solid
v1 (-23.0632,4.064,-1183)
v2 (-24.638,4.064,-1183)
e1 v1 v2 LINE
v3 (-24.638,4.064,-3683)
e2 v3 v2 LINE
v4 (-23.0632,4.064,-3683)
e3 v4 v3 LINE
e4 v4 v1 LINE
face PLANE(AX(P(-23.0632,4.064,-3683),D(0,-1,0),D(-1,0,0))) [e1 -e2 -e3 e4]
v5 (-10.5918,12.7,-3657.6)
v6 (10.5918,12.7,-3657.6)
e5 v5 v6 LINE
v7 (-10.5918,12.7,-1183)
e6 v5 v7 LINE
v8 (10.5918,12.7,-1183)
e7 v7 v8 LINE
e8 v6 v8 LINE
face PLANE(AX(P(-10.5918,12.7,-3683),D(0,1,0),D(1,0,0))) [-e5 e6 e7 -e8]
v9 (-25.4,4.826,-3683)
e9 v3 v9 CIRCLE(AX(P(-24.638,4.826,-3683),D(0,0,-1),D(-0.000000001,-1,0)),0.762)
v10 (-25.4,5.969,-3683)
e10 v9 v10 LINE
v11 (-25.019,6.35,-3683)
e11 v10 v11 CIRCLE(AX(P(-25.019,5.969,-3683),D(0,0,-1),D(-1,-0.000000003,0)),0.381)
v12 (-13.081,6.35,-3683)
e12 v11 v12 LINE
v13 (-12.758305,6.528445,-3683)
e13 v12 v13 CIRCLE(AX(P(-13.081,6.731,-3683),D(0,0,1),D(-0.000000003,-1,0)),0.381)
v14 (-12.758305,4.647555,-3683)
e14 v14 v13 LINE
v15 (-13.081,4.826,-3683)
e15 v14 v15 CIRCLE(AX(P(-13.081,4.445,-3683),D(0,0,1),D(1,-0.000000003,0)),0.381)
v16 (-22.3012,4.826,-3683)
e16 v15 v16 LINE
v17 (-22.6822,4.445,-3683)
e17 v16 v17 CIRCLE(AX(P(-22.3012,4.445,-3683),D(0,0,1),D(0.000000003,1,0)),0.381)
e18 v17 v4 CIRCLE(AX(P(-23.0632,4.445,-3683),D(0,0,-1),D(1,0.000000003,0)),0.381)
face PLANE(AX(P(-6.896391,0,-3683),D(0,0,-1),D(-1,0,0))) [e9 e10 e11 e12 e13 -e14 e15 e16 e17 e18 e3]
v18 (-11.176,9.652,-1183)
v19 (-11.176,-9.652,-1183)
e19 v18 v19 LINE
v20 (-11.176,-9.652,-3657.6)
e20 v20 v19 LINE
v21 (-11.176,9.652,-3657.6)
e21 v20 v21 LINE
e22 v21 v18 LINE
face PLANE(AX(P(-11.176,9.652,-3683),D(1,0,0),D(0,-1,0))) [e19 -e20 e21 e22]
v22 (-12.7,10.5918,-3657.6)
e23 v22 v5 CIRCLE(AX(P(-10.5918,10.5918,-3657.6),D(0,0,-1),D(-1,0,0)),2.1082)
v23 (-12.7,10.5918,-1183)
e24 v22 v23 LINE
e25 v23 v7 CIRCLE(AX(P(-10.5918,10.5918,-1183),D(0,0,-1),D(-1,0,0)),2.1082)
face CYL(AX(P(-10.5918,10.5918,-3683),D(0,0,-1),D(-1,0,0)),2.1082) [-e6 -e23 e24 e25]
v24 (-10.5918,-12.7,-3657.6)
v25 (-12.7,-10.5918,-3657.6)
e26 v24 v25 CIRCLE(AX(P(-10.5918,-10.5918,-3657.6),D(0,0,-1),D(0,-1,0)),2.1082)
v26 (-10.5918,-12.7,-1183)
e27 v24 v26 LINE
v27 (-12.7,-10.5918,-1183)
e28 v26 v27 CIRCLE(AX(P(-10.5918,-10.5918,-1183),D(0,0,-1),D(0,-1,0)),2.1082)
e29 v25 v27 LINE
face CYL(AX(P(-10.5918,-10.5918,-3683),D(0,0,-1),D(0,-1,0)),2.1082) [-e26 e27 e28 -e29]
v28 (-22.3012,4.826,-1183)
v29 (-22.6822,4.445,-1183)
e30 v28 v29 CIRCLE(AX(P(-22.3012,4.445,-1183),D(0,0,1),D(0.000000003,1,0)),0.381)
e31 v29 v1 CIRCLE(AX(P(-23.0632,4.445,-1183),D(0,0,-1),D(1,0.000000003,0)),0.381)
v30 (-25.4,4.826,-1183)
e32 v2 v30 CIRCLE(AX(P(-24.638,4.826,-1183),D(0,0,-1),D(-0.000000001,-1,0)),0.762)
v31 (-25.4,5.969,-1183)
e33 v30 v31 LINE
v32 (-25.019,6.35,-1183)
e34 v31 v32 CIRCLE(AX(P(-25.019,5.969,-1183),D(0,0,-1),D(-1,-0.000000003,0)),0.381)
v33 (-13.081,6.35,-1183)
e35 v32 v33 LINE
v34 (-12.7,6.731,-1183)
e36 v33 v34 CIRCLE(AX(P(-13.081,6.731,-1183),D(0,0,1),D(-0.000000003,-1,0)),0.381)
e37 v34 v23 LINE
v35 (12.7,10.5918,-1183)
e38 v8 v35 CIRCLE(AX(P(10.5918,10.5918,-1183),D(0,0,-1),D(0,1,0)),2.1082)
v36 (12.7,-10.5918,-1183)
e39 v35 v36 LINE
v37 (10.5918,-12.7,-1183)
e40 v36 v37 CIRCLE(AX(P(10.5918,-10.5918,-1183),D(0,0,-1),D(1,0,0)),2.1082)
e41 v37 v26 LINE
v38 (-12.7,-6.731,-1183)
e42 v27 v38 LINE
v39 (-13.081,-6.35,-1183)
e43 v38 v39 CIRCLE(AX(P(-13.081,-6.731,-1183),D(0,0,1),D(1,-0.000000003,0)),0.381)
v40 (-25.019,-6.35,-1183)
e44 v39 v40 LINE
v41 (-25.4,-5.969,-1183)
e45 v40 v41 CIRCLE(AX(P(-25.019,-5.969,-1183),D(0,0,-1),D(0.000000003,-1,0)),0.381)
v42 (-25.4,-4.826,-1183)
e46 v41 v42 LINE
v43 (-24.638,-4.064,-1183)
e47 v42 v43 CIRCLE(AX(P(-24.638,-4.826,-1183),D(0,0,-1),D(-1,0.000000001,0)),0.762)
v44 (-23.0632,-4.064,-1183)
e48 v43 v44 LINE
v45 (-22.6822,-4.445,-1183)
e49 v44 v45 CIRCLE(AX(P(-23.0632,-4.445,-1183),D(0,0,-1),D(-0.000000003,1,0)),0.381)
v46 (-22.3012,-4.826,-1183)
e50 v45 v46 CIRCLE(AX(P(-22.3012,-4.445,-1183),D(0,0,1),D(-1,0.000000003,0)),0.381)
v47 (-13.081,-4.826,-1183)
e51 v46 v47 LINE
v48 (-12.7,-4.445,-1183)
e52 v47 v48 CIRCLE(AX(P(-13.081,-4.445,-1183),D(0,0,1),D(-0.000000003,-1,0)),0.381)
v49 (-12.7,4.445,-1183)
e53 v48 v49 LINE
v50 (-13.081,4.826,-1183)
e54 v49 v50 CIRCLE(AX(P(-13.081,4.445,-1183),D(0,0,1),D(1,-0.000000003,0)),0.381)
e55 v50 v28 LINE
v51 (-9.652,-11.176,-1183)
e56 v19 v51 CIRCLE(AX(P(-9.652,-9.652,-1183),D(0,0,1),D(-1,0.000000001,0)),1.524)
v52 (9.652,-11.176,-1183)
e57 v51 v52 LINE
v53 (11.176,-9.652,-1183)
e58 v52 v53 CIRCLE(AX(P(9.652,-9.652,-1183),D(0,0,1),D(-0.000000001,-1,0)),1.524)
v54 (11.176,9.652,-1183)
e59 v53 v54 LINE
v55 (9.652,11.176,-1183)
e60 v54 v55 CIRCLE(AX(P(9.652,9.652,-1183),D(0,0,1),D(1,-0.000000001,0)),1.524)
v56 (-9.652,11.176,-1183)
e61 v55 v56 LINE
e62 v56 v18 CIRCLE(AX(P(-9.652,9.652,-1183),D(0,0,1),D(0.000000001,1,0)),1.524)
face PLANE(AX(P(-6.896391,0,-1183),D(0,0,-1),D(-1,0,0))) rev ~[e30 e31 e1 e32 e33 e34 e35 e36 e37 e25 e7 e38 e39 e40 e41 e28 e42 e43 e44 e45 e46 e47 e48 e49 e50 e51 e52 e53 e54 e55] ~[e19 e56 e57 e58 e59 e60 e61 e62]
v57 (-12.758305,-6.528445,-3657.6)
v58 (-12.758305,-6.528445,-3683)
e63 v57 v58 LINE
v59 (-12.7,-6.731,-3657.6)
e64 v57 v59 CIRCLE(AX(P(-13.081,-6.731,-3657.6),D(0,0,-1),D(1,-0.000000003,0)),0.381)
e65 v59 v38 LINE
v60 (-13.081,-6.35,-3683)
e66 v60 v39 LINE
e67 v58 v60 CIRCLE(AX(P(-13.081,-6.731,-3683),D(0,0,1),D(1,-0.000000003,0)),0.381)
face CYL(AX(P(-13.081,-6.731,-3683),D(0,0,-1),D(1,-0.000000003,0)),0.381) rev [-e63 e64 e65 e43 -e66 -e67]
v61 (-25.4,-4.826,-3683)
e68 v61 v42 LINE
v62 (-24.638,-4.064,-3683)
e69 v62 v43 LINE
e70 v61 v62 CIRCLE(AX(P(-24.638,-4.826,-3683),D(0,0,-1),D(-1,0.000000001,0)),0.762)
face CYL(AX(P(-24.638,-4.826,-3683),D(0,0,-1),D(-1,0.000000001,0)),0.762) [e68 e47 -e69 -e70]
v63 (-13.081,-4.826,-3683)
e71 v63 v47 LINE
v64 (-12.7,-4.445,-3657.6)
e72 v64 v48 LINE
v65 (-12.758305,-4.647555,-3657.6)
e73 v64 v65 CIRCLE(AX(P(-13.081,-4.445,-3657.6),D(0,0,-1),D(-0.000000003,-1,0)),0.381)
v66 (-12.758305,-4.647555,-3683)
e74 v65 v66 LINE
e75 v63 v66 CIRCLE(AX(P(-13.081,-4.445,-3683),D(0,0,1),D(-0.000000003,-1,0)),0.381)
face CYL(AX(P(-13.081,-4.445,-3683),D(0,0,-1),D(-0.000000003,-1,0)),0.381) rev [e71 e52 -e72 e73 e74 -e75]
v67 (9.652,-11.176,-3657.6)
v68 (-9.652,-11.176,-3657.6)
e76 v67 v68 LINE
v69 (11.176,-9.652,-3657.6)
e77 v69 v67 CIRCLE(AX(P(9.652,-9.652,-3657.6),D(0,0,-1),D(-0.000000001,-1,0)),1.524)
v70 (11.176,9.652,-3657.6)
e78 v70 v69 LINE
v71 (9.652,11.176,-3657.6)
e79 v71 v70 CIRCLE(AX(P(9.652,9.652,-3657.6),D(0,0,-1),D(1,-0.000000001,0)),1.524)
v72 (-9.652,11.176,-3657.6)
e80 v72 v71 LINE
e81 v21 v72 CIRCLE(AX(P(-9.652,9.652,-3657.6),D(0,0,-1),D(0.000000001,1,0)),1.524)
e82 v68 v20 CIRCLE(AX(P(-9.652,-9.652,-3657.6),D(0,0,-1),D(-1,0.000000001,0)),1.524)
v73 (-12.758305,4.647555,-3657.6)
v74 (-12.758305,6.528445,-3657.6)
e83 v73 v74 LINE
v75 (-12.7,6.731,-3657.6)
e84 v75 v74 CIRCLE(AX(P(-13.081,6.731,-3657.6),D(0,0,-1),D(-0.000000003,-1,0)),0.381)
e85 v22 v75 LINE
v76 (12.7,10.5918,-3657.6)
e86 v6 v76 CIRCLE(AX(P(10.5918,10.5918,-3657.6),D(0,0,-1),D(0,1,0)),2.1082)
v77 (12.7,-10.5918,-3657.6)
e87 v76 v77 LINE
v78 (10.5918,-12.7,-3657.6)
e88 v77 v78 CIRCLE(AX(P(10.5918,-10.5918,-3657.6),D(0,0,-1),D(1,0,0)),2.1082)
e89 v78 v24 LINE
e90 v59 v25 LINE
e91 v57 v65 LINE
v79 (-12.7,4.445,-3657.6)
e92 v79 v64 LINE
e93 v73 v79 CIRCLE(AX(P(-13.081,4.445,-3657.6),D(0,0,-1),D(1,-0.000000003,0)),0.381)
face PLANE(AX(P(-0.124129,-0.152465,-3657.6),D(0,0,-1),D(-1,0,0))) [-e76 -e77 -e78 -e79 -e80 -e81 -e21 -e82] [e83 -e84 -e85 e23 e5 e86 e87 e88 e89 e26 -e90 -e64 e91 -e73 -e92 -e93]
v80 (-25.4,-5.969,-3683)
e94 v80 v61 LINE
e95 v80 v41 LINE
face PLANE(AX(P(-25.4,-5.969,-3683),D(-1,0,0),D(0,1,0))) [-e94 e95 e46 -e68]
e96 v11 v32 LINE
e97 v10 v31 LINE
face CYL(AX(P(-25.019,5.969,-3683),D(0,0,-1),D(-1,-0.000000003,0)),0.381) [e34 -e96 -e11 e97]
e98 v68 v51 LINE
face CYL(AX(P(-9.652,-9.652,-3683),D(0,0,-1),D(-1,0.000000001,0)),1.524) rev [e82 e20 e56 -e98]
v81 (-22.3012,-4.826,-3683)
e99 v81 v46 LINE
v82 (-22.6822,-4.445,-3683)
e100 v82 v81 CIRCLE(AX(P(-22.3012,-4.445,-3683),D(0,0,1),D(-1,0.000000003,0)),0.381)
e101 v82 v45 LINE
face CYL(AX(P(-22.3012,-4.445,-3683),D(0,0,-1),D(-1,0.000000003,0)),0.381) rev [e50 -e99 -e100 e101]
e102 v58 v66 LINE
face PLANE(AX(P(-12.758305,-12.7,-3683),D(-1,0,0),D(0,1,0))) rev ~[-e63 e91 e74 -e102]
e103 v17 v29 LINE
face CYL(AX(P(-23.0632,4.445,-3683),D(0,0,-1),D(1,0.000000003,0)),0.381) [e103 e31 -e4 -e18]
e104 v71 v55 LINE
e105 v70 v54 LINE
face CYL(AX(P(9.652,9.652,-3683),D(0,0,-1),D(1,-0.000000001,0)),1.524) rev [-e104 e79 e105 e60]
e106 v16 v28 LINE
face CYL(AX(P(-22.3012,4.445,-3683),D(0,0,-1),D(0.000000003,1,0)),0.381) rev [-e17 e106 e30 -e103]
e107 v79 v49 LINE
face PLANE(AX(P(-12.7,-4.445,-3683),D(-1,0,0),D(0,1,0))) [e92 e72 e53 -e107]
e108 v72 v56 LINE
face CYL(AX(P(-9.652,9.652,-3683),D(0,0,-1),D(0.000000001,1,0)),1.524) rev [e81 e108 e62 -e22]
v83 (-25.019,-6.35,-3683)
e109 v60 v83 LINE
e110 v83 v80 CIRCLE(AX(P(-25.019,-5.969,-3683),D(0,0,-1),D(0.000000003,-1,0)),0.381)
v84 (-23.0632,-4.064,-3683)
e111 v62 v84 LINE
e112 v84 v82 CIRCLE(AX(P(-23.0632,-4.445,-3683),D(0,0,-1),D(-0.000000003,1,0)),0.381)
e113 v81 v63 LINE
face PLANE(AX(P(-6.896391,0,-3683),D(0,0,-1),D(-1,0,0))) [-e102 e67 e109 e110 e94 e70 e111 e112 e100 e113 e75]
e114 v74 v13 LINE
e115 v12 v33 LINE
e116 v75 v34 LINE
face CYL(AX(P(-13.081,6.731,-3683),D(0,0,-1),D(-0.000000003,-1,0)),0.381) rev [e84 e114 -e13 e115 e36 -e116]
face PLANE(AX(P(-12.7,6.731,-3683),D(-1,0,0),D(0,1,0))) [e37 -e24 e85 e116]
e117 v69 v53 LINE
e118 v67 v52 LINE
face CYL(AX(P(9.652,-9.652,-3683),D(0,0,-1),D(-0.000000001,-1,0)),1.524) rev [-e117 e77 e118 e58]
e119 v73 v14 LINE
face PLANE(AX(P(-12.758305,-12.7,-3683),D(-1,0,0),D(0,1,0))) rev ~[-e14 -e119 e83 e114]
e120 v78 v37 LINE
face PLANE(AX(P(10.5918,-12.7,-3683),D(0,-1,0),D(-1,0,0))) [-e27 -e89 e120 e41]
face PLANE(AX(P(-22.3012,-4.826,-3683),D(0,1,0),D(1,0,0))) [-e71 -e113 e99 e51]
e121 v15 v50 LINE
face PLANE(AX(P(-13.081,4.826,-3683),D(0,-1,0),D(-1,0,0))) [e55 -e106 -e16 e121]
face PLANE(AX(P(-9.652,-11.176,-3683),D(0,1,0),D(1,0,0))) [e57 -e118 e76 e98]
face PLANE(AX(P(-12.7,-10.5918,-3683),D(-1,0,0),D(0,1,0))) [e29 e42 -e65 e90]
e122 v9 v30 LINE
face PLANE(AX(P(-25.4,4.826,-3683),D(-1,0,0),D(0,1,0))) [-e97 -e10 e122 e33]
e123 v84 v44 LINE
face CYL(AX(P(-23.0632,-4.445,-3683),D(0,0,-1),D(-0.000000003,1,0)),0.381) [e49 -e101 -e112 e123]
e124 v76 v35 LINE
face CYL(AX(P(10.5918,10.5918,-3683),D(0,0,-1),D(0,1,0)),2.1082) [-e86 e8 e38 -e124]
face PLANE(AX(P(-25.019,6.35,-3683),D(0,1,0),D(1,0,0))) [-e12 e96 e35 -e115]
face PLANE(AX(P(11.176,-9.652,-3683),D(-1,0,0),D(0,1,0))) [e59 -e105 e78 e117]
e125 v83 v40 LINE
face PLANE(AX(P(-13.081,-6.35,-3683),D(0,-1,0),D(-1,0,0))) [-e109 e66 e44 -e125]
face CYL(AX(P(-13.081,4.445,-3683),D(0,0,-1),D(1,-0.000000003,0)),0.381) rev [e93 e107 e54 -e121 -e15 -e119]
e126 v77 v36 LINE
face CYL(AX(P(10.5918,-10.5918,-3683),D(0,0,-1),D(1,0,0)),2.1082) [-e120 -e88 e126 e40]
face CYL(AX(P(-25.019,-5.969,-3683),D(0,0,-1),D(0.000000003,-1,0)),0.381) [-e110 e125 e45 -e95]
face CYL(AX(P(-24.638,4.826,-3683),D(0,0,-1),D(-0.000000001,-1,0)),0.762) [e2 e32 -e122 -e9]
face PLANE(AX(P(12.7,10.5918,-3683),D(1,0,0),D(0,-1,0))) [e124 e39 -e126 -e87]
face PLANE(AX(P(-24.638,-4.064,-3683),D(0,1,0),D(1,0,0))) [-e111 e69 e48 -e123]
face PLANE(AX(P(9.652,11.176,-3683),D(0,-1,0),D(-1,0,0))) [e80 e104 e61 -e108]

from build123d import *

# Parameters (mm, degrees)
BOSS_EXTRUDE1_DEPTH = 2500
CUT_EXTRUDE2_DEPTH  = 25.4


with BuildPart() as part:
    # Sketch1 → Boss-Extrude1 (new body)
    with BuildSketch(Plane(origin=(0, 0, -3683), x_dir=(-1, 0, 0), z_dir=(0, 0, -1))):
        with BuildLine():
            Line((25.4, -5.969), (25.4, -4.826))
            ThreePointArc((25.4, -4.826), (25.176815367, -4.287184633), (24.638, -4.064))
            Line((24.638, -4.064), (23.0632, -4.064))
            ThreePointArc((23.0632, -4.064), (22.793792316, -4.175592316), (22.6822, -4.445))
            ThreePointArc((22.6822, -4.445), (22.570607684, -4.714407684), (22.3012, -4.826))
            Line((22.3012, -4.826), (13.081, -4.826))
            ThreePointArc((13.081, -4.826), (12.811592316, -4.714407684), (12.7, -4.445))
            Line((12.7, -4.445), (12.7, 4.445))
            ThreePointArc((12.7, 4.445), (12.811592316, 4.714407684), (13.081, 4.826))
            Line((13.081, 4.826), (22.3012, 4.826))
            ThreePointArc((22.3012, 4.826), (22.570607684, 4.714407684), (22.6822, 4.445))
            ThreePointArc((22.6822, 4.445), (22.793792316, 4.175592316), (23.0632, 4.064))
            Line((23.0632, 4.064), (24.638, 4.064))
            ThreePointArc((24.638, 4.064), (25.176815367, 4.287184633), (25.4, 4.826))
            Line((25.4, 4.826), (25.4, 5.969))
            ThreePointArc((25.4, 5.969), (25.288407684, 6.238407684), (25.019, 6.35))
            Line((25.019, 6.35), (13.081, 6.35))
            ThreePointArc((13.081, 6.35), (12.811592316, 6.461592316), (12.7, 6.731))
            Line((12.7, 6.731), (12.7, 10.5918))
            ThreePointArc((12.7, 10.5918), (12.082522516, 12.082522516), (10.5918, 12.7))
            Line((10.5918, 12.7), (-10.5918, 12.7))
            ThreePointArc((-10.5918, 12.7), (-12.082522516, 12.082522516), (-12.7, 10.5918))
            Line((-12.7, 10.5918), (-12.7, -10.5918))
            ThreePointArc((-12.7, -10.5918), (-12.082522516, -12.082522516), (-10.5918, -12.7))
            Line((-10.5918, -12.7), (10.5918, -12.7))
            ThreePointArc((10.5918, -12.7), (12.082522516, -12.082522516), (12.7, -10.5918))
            Line((12.7, -10.5918), (12.7, -6.731))
            ThreePointArc((12.7, -6.731), (12.811592316, -6.461592316), (13.081, -6.35))
            Line((13.081, -6.35), (25.019, -6.35))
            ThreePointArc((25.019, -6.35), (25.288407684, -6.238407684), (25.4, -5.969))
        make_face()
        with BuildLine():
            Line((11.176, 9.652), (11.176, -9.652))
            ThreePointArc((11.176, -9.652), (10.729630735, -10.729630735), (9.652, -11.176))
            Line((9.652, -11.176), (-9.652, -11.176))
            ThreePointArc((-9.652, -11.176), (-10.729630735, -10.729630735), (-11.176, -9.652))
            Line((-11.176, -9.652), (-11.176, 9.652))
            ThreePointArc((-11.176, 9.652), (-10.729630735, 10.729630735), (-9.652, 11.176))
            Line((-9.652, 11.176), (9.652, 11.176))
            ThreePointArc((9.652, 11.176), (10.729630735, 10.729630735), (11.176, 9.652))
        make_face(mode=Mode.SUBTRACT)
    extrude(amount=-BOSS_EXTRUDE1_DEPTH)

    # Sketch2 → Cut-Extrude2 (cut)
    with BuildSketch(Plane(origin=(0, 0, -3683), x_dir=(-1, 0, 0), z_dir=(0, 0, -1))):
        with BuildLine():
            Line((12.758304506, -12.7), (12.758304506, 12.7))
            Line((12.758304506, 12.7), (10.5918, 12.7))
            Line((10.5918, 12.7), (-10.5918, 12.7))
            ThreePointArc((-10.5918, 12.7), (-12.082522516, 12.082522516), (-12.7, 10.5918))
            Line((-12.7, 10.5918), (-12.7, -12.909808873))
            Line((-12.7, -12.909808873), (-10.5918, -12.7))
            Line((-10.5918, -12.7), (12.758304506, -12.7))
        make_face()
    extrude(amount=-CUT_EXTRUDE2_DEPTH, mode=Mode.SUBTRACT)


solid = part.part
